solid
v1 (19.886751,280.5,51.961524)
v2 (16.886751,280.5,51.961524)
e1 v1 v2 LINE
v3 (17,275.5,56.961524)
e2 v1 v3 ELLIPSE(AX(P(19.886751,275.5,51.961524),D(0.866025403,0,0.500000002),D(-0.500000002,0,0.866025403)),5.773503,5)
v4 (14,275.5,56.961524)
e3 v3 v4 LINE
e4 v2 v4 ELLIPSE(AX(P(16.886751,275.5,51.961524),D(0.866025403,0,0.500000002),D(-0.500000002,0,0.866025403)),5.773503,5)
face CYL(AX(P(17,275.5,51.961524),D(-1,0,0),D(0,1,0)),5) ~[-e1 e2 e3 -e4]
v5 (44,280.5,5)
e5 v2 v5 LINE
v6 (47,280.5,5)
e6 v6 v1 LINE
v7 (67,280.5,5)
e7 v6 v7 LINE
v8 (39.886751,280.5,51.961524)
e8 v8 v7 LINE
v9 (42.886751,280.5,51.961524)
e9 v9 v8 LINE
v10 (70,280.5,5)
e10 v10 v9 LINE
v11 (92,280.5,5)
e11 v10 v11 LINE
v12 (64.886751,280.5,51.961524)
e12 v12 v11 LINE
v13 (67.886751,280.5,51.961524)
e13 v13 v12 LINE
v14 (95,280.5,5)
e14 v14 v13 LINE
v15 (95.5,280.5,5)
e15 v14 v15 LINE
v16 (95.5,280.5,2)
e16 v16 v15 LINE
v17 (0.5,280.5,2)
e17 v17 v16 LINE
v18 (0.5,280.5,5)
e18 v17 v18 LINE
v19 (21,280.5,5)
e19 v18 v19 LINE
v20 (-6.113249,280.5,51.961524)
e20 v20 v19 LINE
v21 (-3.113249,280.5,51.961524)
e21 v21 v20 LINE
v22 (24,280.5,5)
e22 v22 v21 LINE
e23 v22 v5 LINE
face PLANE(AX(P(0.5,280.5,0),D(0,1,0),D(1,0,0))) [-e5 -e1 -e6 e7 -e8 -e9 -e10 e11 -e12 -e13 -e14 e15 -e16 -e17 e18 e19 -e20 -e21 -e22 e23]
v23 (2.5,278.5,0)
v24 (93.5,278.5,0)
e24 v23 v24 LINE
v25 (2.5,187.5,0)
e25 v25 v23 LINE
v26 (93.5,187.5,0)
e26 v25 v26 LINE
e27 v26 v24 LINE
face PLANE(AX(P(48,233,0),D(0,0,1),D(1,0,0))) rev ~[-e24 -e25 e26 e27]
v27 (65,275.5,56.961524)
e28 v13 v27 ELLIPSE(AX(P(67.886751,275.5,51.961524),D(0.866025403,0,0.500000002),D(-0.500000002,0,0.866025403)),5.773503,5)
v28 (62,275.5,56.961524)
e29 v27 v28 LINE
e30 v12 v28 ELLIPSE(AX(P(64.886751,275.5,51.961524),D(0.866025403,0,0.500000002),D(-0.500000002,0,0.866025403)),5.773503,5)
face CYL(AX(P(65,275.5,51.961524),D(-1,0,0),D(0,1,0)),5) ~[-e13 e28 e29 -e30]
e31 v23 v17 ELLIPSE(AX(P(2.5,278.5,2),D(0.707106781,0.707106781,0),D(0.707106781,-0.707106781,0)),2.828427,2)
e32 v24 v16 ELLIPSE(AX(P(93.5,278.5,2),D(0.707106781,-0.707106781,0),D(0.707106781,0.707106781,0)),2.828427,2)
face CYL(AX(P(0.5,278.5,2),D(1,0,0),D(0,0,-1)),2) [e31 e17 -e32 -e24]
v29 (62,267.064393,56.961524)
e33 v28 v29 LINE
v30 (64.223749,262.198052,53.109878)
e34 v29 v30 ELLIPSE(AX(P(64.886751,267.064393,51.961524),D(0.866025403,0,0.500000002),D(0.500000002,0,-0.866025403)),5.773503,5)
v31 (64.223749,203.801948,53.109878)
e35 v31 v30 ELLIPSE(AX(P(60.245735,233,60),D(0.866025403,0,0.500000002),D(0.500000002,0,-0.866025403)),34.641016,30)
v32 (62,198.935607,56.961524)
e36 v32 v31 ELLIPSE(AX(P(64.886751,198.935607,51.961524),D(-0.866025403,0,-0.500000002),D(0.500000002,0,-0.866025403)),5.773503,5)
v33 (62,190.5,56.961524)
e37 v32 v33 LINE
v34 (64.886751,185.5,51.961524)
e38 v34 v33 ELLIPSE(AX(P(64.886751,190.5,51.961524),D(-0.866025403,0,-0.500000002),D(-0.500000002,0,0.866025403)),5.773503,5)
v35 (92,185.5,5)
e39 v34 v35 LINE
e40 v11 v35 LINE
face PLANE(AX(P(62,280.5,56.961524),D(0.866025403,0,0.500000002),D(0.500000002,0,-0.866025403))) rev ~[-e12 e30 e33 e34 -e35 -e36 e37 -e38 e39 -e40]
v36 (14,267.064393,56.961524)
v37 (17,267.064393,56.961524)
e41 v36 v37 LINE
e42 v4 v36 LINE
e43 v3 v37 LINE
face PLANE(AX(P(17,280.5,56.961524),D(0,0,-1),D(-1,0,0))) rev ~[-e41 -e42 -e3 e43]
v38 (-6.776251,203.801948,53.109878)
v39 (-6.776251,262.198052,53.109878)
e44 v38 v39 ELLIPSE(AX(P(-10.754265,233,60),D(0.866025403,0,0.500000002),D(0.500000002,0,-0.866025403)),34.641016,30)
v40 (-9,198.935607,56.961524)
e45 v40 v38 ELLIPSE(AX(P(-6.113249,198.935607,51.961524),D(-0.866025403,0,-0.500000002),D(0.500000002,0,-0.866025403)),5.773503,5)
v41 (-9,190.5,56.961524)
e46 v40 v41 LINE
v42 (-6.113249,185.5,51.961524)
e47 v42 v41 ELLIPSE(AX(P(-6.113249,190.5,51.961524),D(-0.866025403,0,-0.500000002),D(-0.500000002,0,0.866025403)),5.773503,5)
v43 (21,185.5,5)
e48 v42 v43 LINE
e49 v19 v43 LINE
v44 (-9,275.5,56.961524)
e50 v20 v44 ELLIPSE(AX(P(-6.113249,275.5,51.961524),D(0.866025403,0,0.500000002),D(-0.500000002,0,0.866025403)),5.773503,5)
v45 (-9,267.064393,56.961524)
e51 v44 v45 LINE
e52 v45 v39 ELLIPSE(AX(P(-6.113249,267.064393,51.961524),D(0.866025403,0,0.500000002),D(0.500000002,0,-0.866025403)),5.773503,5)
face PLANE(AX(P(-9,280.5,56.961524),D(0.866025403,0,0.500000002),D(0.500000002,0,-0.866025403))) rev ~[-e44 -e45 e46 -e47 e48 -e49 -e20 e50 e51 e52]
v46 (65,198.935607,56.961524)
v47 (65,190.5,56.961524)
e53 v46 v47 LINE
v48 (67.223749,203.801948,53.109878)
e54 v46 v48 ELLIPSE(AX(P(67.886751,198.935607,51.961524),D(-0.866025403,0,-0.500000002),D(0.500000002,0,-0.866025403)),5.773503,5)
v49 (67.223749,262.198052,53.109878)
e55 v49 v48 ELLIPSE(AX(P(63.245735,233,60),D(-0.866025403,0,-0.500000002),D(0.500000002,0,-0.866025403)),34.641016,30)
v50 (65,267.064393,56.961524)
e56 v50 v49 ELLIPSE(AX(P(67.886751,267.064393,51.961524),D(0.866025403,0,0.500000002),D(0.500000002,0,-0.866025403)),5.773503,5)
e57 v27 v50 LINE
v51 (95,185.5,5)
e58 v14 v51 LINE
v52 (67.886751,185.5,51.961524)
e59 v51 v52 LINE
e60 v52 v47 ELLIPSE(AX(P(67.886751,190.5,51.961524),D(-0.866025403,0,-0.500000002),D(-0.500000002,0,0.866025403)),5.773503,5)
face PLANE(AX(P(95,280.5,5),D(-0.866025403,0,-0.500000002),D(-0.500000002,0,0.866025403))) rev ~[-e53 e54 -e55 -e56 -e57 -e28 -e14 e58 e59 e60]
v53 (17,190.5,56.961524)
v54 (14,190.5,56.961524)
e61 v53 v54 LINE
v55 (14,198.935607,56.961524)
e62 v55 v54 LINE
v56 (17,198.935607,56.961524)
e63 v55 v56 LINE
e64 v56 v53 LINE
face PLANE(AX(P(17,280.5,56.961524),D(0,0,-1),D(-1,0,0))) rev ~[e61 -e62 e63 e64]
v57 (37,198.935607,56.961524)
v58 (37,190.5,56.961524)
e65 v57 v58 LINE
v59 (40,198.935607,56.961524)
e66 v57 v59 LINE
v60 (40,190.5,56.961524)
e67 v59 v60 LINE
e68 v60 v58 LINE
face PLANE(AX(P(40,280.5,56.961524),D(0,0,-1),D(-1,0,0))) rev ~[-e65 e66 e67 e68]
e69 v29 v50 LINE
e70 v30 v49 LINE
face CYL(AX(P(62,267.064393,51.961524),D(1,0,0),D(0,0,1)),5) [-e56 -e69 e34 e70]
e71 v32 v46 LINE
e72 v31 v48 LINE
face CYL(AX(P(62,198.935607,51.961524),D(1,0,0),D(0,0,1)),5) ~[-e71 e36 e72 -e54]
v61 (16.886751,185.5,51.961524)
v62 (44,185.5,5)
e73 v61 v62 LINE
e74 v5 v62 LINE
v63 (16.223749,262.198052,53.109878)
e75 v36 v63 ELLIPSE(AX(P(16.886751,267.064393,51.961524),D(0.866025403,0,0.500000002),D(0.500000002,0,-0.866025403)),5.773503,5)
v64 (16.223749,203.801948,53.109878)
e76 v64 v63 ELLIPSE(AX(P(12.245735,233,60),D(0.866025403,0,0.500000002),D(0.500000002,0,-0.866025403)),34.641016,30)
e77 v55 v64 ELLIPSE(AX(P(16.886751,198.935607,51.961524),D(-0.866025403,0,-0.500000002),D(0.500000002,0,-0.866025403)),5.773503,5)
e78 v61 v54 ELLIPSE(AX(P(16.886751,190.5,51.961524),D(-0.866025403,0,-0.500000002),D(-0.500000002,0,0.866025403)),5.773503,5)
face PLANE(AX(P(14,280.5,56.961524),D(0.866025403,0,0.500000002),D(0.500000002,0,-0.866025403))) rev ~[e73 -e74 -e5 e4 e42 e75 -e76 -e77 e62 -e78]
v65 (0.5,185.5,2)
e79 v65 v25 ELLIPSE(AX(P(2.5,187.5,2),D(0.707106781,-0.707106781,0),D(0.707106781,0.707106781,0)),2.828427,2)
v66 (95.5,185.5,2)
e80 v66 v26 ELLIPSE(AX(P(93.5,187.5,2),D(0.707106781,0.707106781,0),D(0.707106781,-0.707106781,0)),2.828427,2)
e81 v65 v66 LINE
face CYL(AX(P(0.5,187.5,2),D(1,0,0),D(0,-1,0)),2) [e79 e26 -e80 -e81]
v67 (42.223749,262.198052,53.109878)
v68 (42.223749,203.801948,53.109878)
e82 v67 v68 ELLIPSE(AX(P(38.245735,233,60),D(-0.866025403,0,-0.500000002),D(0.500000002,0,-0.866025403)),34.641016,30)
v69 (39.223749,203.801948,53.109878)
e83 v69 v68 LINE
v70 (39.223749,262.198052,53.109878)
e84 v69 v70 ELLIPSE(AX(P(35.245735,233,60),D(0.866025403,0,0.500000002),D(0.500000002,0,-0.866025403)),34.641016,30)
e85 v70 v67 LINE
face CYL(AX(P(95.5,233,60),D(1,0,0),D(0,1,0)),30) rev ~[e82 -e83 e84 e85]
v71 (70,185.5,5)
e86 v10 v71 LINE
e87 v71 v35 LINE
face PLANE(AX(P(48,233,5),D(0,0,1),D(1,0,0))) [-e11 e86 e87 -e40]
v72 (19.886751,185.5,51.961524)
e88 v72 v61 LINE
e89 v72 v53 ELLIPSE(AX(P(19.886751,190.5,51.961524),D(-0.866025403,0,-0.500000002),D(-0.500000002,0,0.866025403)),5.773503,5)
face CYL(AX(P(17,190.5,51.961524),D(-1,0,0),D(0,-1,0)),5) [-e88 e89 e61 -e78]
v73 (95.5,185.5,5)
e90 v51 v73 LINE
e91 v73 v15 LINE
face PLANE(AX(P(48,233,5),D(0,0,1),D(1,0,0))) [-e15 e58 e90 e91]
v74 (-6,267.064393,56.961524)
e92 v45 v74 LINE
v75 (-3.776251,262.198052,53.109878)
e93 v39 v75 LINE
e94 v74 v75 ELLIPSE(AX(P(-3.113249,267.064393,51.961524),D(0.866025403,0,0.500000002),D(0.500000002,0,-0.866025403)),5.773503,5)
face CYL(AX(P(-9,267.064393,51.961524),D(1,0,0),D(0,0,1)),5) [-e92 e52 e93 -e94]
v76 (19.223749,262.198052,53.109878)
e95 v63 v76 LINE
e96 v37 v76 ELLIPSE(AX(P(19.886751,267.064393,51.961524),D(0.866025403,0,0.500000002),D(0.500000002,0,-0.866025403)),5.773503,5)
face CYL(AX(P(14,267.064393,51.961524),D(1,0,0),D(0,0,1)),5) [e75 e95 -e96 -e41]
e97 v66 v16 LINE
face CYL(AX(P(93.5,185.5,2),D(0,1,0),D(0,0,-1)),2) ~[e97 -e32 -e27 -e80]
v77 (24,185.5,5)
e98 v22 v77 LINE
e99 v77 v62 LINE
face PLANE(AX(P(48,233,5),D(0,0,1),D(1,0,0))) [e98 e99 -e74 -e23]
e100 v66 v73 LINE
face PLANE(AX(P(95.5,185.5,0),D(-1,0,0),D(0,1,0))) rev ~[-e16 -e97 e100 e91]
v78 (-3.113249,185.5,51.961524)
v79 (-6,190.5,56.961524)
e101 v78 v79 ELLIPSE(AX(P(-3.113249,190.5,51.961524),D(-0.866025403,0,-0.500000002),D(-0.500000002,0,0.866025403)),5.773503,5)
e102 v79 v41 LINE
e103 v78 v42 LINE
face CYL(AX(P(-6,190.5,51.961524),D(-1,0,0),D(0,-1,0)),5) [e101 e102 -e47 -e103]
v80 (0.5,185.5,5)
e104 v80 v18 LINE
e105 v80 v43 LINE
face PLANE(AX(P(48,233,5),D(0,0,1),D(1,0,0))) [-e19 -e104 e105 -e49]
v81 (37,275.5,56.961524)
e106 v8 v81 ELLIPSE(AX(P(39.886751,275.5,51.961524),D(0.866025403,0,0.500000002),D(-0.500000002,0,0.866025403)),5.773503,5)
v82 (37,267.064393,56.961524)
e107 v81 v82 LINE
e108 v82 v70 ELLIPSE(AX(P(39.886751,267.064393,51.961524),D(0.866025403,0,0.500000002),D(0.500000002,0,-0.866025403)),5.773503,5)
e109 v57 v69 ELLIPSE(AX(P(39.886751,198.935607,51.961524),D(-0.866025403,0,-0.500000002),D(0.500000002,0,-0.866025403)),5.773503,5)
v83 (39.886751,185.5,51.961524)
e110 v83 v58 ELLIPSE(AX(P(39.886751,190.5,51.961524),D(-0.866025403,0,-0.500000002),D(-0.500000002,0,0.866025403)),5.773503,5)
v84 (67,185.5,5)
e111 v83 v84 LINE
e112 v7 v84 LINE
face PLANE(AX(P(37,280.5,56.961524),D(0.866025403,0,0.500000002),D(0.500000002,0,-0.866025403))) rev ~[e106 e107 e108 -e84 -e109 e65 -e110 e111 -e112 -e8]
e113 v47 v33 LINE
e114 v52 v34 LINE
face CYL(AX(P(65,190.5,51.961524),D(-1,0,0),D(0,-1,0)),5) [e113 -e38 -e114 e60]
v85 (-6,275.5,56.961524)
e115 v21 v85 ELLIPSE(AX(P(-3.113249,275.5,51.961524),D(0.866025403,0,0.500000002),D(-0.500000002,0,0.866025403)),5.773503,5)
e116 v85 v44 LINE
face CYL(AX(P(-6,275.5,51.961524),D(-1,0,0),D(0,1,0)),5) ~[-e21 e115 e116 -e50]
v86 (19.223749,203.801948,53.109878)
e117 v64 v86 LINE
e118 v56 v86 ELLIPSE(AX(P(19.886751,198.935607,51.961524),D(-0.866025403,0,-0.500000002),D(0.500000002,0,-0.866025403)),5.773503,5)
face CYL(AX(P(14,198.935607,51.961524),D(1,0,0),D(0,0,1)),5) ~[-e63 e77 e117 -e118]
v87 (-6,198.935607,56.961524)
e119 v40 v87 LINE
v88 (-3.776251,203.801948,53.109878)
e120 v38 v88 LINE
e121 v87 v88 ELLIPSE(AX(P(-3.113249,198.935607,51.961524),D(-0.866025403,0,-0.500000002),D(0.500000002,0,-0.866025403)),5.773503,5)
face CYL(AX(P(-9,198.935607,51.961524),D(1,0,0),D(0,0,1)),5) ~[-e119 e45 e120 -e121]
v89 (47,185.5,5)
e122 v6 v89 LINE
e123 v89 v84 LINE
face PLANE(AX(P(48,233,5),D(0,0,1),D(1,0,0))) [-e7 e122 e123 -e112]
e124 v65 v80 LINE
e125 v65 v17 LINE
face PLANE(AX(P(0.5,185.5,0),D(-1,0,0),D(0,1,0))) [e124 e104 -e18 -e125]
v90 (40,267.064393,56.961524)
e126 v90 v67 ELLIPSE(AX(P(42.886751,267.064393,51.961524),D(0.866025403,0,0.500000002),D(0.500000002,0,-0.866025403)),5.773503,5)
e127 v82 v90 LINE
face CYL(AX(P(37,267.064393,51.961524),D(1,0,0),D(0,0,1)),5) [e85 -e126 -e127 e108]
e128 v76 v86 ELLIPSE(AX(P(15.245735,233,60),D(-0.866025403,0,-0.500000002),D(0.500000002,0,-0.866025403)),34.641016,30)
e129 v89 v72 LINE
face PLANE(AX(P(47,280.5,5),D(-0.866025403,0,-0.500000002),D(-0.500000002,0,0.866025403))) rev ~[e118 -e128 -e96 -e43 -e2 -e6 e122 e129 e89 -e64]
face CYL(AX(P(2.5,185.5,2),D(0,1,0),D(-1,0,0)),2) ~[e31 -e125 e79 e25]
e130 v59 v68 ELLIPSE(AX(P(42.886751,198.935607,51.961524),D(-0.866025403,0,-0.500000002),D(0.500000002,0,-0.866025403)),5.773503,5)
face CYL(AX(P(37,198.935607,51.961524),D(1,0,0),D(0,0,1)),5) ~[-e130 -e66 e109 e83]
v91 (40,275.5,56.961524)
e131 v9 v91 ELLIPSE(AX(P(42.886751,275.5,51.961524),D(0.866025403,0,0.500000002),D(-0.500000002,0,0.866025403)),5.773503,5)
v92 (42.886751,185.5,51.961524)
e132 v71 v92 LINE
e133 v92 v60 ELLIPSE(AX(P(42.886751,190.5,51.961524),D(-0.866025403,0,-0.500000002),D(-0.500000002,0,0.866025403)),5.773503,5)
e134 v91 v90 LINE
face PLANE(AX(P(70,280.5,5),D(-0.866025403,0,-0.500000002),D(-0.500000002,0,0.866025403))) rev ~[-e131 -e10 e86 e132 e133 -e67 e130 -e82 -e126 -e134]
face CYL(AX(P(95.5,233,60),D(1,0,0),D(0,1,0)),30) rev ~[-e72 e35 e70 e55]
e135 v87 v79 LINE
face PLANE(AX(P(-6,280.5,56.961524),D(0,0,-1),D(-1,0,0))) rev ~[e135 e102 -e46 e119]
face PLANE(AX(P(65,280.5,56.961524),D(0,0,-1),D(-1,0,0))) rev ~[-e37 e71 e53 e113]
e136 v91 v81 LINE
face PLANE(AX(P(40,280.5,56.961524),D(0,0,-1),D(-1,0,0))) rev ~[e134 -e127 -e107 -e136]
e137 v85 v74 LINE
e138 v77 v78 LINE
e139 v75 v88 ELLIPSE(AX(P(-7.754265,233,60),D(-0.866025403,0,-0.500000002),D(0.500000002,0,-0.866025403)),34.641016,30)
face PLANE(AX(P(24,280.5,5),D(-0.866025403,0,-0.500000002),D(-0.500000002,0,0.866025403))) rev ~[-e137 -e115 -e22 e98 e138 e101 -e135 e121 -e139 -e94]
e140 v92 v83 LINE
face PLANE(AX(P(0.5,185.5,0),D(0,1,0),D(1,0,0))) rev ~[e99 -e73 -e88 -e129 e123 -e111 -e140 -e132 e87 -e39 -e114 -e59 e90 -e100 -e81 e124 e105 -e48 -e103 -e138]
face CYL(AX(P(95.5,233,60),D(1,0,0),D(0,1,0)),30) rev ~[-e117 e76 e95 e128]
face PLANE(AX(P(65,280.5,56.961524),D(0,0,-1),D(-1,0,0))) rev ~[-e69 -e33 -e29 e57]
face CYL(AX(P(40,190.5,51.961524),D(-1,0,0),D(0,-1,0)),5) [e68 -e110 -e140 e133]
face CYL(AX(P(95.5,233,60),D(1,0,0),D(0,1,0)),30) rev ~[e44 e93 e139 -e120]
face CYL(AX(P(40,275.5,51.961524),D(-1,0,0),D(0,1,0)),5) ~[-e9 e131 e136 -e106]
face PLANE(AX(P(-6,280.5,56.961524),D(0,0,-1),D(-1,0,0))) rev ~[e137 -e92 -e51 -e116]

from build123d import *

# Parameters (mm, degrees)
SKETCH024_W     = 95
SKETCH024_H     = 95
PAD016_DEPTH    = 5
PAD017_DEPTH    = 95
SKETCH029_R     = 30
POCKET009_DEPTH = 104.501
FILLET022_R     = 5
FILLET023_R     = 2


with BuildPart() as part:
    # Sketch024 → Pad016 (new body)
    with BuildSketch(Plane.XY):
        Rectangle(SKETCH024_W, SKETCH024_H)
    extrude(amount=PAD016_DEPTH)

    # Sketch025 (on DatumPlane) → Pad017 (join)
    with BuildSketch(Plane(origin=(0, 47.5, 0), x_dir=(-1, 0, 0), z_dir=(0, 1, 0))):
        Polygon((-47, 5), (-17, 56.961524), (-14, 56.961524), (-44, 5), align=None)
        Polygon((-22, 5), (8, 56.961524), (11, 56.961524), (-19, 5), align=None)
        Polygon((1, 5), (31, 56.961524), (34, 56.961524), (4, 5), align=None)
        Polygon((24, 5), (54, 56.961524), (57, 56.961524), (27, 5), align=None)
    extrude(amount=-PAD017_DEPTH)

    # Sketch029 (on DatumPlane) → Pocket009 (cut, through all)
    with BuildSketch(Plane.YZ.offset(47.5)):
        with Locations((0, 60)):
            Circle(SKETCH029_R)
    extrude(amount=-POCKET009_DEPTH, mode=Mode.SUBTRACT)

    # Fillet022
    fillet022_edges = [part.edges().sort_by_distance(p)[0] for p in [
        (15.5, -47.5, 56.961524),
        (15.5, -29.845731, 56.961524),
        (-9.5, -47.5, 56.961524),
        (-9.5, -29.845731, 56.961524),
        (-32.5, -47.5, 56.961524),
        (-32.5, -29.845731, 56.961524),
        (-55.5, -47.5, 56.961524),
        (-55.5, -29.845731, 56.961524),
        (15.5, 29.845731, 56.961524),
        (15.5, 47.5, 56.961524),
        (-9.5, 29.845731, 56.961524),
        (-9.5, 47.5, 56.961524),
        (-32.5, 29.845731, 56.961524),
        (-32.5, 47.5, 56.961524),
        (-55.5, 29.845731, 56.961524),
        (-55.5, 47.5, 56.961524),
    ]]
    fillet(fillet022_edges, radius=FILLET022_R)

    # Fillet023
    fillet023_edges = [part.edges().sort_by_distance(p)[0] for p in [
        (0, -47.5, 0),
        (47.5, 0, 0),
        (0, 47.5, 0),
        (-47.5, 0, 0),
    ]]
    fillet(fillet023_edges, radius=FILLET023_R)


with BuildPart() as part_1:
    # Body011 placement: moved
    add(part.part.moved(Location((48, 233, 0))))


solid = part_1.part
